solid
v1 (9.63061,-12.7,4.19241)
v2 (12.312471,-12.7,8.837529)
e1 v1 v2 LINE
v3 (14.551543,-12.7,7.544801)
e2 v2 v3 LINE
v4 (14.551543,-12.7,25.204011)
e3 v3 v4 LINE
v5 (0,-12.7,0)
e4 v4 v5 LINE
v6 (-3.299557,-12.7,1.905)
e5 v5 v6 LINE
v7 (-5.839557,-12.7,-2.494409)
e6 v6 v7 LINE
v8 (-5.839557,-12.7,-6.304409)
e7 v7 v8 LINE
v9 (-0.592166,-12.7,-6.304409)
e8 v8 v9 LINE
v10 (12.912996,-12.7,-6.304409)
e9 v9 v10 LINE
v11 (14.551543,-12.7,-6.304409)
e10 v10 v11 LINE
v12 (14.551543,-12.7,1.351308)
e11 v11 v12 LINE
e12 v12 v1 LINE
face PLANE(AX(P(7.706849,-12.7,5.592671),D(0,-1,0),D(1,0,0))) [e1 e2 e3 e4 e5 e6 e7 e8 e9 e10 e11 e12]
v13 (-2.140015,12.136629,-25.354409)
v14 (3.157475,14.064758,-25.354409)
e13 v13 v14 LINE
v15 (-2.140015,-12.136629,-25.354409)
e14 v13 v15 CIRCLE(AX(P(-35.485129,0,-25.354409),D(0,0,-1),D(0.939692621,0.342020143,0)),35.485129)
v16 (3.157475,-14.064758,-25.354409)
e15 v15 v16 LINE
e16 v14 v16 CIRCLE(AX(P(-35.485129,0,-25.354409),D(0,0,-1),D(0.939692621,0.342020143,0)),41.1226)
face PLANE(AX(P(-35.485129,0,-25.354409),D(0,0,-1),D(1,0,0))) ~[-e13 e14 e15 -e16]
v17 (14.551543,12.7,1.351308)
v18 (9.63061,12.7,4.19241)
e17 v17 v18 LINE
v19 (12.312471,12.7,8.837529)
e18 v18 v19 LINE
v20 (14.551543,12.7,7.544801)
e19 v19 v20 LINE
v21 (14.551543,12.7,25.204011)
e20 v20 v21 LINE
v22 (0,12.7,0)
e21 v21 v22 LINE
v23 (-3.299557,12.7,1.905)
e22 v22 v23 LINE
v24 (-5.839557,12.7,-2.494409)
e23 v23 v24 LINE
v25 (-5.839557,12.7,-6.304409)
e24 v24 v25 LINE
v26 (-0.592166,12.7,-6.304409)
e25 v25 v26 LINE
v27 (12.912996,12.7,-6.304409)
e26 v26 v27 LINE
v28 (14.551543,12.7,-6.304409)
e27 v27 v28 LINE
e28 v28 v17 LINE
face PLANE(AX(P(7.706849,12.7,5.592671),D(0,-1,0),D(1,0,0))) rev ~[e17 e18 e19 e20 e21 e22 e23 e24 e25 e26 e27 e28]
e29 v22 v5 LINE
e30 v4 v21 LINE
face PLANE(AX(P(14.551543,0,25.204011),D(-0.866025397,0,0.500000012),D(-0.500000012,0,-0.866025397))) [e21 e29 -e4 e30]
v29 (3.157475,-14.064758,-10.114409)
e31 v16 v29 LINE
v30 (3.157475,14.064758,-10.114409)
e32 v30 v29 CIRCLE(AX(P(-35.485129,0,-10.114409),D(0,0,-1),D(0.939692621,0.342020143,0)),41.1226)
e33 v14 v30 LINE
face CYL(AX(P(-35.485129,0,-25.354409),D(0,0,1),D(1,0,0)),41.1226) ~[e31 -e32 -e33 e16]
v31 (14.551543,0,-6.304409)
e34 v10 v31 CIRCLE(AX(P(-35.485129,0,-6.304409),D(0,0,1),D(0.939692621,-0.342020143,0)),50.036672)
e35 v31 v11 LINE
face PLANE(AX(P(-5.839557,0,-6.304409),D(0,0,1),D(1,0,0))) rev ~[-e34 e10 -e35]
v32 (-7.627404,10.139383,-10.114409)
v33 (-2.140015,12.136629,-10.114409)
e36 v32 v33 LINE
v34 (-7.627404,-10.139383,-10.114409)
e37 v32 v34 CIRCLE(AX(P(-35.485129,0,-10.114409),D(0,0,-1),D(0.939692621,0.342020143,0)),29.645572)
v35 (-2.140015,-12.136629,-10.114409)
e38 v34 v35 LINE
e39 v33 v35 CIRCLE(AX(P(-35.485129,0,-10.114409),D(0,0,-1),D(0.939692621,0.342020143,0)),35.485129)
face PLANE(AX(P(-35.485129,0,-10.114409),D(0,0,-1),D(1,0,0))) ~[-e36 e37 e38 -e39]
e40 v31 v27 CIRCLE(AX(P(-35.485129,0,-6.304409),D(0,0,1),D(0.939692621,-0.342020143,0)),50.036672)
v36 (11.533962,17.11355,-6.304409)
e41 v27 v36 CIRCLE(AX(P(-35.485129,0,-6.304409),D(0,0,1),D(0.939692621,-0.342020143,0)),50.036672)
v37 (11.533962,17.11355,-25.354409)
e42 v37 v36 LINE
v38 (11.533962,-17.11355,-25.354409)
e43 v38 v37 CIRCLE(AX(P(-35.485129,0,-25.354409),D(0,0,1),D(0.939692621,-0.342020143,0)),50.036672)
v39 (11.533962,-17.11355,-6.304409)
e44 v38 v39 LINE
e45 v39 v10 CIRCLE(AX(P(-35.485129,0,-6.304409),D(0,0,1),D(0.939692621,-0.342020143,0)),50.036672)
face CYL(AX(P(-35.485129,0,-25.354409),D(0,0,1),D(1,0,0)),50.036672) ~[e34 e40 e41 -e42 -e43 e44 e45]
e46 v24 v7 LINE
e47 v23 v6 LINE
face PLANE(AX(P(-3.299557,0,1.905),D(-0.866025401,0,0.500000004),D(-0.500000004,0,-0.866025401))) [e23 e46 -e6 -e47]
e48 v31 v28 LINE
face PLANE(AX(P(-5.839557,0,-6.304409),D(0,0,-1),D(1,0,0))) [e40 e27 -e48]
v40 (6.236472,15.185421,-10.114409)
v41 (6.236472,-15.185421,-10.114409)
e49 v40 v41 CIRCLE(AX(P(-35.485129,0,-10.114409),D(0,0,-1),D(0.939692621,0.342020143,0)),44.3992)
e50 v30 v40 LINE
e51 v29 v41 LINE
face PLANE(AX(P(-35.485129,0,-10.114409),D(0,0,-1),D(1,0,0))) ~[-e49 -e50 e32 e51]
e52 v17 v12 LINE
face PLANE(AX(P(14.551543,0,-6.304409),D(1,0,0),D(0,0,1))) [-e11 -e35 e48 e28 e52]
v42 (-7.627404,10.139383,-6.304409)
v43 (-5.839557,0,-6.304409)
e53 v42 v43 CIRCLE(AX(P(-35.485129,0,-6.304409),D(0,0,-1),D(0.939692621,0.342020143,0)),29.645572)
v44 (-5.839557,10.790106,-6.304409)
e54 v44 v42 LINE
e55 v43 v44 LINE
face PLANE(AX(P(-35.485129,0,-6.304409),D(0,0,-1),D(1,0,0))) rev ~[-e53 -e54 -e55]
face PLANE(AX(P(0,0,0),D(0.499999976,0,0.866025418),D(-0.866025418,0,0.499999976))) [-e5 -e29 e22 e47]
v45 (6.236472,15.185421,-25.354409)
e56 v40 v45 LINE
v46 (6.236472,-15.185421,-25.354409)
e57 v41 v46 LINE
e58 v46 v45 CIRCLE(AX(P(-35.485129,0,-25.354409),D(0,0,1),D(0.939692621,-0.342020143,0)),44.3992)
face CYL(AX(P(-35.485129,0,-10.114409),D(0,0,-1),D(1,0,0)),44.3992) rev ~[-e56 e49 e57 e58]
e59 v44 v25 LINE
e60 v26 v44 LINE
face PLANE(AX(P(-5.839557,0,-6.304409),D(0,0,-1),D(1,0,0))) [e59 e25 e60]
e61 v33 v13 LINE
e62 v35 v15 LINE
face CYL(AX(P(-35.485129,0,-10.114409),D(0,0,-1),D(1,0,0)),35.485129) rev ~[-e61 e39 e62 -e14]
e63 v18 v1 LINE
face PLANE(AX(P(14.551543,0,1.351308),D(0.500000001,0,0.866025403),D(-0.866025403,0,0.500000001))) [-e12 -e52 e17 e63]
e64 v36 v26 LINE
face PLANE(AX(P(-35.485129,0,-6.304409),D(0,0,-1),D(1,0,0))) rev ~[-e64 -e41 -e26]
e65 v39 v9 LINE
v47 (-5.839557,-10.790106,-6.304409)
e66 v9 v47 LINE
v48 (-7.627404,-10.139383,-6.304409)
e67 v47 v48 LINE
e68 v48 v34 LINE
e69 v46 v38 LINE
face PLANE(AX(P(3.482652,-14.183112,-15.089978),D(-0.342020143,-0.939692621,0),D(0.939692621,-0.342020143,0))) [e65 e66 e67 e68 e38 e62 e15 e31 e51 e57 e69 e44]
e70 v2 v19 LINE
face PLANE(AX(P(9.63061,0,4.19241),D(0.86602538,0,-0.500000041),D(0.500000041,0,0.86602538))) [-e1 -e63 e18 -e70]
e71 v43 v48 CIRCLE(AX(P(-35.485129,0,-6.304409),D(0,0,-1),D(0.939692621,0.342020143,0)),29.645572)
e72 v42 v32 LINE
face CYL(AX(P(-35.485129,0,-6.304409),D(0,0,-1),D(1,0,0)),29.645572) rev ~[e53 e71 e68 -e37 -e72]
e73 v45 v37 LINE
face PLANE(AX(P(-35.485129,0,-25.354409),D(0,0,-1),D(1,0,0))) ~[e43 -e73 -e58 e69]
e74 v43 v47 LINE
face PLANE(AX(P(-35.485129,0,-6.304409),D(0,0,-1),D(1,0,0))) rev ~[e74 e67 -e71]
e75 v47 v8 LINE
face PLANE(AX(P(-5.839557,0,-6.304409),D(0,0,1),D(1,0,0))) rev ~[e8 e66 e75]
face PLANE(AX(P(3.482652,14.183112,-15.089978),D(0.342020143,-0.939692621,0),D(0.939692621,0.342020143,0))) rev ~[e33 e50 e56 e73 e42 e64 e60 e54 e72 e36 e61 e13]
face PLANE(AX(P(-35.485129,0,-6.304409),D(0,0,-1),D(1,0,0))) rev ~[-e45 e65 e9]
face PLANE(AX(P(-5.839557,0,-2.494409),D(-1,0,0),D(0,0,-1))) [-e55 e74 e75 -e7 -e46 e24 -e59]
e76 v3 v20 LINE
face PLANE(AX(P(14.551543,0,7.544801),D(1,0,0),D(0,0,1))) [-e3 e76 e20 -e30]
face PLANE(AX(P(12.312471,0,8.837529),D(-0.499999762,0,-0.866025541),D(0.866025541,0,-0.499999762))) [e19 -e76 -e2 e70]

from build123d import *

# Parameters (mm, degrees)
F1_ANGLE = 40
F2_DEPTH = 12.7
F3_DEPTH = 12.7


with BuildPart() as f1:
    # F0 (on Front) → F1 (revolve, symmetric)
    with BuildSketch(Plane.XZ) as f1_sk:
        Polygon((14.551543, -6.304409), (-5.839557, -6.304409), (-5.839557, -10.114409), (0, -10.114409), (0, -25.354409), (5.637471, -25.354409), (5.637471, -10.114409), (8.914071, -10.114409), (8.914071, -25.354409), (14.551543, -25.354409), (14.551543, -10.114409), align=None)
    revolve(axis=Axis((-35.485129, 0, -12.677205), (0, 0, 1)), revolution_arc=F1_ANGLE / 2)
    revolve(f1_sk.sketch, axis=Axis((-35.485129, 0, -12.677205), (0, 0, -1)), revolution_arc=F1_ANGLE / 2)

    # F0 (on Front) → F2 (join)
    with BuildSketch(Plane.XZ):
        Polygon((14.551543, 25.204011), (0, 0), (-3.299557, 1.905), (-5.839557, -2.494409), (-5.839557, -6.304409), (14.551543, -6.304409), (14.551543, 1.351308), (9.63061, 4.19241), (12.312471, 8.837529), (14.551543, 7.544801), align=None)
    extrude(amount=F2_DEPTH)

    # F0 (on Front) → F3 (join)
    with BuildSketch(Plane.XZ):
        Polygon((14.551543, 25.204011), (0, 0), (-3.299557, 1.905), (-5.839557, -2.494409), (-5.839557, -6.304409), (14.551543, -6.304409), (14.551543, 1.351308), (9.63061, 4.19241), (12.312471, 8.837529), (14.551543, 7.544801), align=None)
    extrude(amount=-F3_DEPTH)


solid = f1.part
